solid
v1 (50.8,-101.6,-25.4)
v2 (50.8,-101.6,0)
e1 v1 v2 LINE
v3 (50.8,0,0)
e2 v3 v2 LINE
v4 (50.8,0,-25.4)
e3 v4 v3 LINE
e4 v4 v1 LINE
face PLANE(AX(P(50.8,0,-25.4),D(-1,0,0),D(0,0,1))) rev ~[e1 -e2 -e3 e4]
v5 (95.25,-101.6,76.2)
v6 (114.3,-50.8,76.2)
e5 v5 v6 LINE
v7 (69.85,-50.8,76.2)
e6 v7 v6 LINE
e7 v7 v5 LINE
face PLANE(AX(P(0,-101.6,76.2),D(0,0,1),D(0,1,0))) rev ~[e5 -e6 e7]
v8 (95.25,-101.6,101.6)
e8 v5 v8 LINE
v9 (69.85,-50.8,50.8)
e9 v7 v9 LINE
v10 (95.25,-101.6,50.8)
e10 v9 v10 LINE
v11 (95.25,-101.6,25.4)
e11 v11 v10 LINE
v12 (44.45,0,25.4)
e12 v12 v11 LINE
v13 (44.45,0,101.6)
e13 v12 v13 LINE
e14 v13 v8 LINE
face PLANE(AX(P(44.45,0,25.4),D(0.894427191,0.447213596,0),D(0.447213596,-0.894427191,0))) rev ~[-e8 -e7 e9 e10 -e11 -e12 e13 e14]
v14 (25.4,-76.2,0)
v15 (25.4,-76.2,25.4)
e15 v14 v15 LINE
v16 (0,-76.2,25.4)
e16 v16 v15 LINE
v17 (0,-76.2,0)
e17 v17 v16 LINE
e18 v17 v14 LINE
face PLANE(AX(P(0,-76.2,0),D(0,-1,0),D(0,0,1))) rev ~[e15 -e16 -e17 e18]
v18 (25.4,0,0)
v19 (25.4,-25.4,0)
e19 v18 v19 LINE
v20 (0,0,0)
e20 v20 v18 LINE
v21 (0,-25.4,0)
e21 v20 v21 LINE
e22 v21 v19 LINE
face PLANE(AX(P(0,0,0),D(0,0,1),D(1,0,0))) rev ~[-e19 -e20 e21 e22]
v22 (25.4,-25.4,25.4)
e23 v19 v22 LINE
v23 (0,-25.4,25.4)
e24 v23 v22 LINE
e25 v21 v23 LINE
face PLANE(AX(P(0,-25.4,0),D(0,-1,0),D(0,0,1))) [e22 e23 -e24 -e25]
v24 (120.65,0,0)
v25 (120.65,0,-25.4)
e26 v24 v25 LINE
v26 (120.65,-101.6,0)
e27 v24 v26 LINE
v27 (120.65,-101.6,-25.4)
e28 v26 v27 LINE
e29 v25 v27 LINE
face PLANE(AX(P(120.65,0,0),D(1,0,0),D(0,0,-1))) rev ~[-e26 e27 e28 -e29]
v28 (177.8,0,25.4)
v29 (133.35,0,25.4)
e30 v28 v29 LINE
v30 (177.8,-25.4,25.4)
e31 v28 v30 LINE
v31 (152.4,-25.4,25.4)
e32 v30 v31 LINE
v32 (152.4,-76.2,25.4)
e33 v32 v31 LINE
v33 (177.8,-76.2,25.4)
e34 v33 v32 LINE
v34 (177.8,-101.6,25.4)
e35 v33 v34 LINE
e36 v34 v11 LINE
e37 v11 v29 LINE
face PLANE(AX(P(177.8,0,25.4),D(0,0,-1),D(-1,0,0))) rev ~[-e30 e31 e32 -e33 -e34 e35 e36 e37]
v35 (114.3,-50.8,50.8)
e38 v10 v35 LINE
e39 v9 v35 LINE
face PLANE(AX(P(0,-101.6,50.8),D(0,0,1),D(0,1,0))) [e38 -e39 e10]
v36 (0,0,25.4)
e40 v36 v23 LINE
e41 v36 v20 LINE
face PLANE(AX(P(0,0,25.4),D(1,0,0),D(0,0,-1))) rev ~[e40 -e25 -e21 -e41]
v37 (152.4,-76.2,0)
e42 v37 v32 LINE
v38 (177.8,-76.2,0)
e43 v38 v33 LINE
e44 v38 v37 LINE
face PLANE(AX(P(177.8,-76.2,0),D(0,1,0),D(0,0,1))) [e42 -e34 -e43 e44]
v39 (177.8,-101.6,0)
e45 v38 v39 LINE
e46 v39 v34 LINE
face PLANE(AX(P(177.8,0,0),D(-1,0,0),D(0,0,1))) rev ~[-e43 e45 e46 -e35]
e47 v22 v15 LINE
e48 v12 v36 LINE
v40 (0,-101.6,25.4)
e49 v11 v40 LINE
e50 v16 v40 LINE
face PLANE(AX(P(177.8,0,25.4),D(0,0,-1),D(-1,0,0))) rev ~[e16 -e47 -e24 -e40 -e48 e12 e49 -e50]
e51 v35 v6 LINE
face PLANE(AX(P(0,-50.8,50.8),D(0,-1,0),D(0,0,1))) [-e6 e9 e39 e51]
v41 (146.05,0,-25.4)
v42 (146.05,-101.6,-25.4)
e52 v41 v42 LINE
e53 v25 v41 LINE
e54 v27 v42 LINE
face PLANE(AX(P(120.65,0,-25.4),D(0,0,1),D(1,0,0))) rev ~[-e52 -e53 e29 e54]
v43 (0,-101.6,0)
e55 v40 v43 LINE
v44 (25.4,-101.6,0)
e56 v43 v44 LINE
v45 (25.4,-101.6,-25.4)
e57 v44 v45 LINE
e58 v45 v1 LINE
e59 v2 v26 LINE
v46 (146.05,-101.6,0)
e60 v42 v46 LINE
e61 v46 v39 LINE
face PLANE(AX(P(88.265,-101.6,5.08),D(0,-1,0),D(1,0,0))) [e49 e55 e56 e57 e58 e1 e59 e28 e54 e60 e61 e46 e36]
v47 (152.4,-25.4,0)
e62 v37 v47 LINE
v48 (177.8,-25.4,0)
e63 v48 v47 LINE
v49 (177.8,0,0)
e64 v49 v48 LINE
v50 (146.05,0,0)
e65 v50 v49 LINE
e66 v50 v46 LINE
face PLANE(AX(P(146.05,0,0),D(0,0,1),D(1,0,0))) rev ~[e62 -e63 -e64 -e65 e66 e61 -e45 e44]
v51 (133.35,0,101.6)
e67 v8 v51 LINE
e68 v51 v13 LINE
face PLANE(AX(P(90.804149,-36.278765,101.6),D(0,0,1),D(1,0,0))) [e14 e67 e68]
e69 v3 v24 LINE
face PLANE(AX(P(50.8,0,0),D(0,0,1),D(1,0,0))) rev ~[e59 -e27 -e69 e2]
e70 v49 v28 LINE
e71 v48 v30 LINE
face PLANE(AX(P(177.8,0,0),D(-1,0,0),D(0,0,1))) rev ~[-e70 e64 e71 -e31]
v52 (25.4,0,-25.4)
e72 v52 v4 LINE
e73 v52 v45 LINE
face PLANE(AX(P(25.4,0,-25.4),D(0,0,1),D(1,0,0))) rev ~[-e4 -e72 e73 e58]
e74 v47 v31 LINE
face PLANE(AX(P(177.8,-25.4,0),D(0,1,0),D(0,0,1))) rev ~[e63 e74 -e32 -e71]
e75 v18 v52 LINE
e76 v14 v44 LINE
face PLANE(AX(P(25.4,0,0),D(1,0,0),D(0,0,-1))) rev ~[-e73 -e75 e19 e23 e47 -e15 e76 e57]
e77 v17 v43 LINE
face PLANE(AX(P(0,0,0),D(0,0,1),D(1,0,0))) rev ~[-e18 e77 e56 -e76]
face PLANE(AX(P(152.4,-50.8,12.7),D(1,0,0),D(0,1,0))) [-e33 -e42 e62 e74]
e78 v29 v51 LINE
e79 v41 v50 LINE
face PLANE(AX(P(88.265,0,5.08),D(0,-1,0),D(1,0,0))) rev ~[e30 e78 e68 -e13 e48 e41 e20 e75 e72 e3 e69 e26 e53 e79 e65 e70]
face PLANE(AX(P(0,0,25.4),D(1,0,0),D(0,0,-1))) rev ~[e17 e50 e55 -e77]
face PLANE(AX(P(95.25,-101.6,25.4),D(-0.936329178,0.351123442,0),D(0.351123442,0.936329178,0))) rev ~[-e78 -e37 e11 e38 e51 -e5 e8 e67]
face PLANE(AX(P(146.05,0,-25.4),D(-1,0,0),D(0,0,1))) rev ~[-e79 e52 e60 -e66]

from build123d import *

# Parameters (mm, degrees)
F1_DEPTH = 101.6
F2_W     = 50.8
F2_H     = 25.4
F3_DEPTH = 25.4
F4_W     = 50.8
F4_H     = 25.4
F5_DEPTH = 25.4
F7_DEPTH = 76.2
F8_W     = 50.8
F8_H     = 25.4
F9_DEPTH = 254


with BuildPart() as f1:
    # F0 (on Front) → F1 (new body)
    with BuildSketch(Plane.XZ):
        Polygon((0, 25.4), (0, 0), (25.4, 0), (25.4, -25.4), (50.8, -25.4), (50.8, 0), (120.65, 0), (120.65, -25.4), (146.05, -25.4), (146.05, 0), (171.45, 0), (177.8, 0), (177.8, 25.4), align=None)
    extrude(amount=F1_DEPTH)

    # F2 (on face) → F3 (cut)
    with BuildSketch(Plane.YZ.offset(177.8)):
        with Locations((-50.8, 12.7)):
            Rectangle(F2_W, F2_H)
    extrude(amount=-F3_DEPTH, mode=Mode.SUBTRACT)

    # F4 (on face) → F5 (cut)
    with BuildSketch(Plane(origin=(0, 0, 0), x_dir=(0, -1, 0), z_dir=(-1, 0, 0))):
        with Locations((50.8, 12.7)):
            Rectangle(F4_W, F4_H)
    extrude(amount=-F5_DEPTH, mode=Mode.SUBTRACT)

    # F6 (on face) → F7 (join)
    with BuildSketch(Plane.XY.offset(25.4)):
        Polygon((44.45, 0), (95.25, -101.6), (133.35, 0), align=None)
    extrude(amount=F7_DEPTH)

    # F8 (on Right) → F9 (cut)
    with BuildSketch(Plane.YZ):
        with Locations((-76.2, 63.5)):
            Rectangle(F8_W, F8_H)
    extrude(amount=F9_DEPTH, mode=Mode.SUBTRACT)


solid = f1.part
